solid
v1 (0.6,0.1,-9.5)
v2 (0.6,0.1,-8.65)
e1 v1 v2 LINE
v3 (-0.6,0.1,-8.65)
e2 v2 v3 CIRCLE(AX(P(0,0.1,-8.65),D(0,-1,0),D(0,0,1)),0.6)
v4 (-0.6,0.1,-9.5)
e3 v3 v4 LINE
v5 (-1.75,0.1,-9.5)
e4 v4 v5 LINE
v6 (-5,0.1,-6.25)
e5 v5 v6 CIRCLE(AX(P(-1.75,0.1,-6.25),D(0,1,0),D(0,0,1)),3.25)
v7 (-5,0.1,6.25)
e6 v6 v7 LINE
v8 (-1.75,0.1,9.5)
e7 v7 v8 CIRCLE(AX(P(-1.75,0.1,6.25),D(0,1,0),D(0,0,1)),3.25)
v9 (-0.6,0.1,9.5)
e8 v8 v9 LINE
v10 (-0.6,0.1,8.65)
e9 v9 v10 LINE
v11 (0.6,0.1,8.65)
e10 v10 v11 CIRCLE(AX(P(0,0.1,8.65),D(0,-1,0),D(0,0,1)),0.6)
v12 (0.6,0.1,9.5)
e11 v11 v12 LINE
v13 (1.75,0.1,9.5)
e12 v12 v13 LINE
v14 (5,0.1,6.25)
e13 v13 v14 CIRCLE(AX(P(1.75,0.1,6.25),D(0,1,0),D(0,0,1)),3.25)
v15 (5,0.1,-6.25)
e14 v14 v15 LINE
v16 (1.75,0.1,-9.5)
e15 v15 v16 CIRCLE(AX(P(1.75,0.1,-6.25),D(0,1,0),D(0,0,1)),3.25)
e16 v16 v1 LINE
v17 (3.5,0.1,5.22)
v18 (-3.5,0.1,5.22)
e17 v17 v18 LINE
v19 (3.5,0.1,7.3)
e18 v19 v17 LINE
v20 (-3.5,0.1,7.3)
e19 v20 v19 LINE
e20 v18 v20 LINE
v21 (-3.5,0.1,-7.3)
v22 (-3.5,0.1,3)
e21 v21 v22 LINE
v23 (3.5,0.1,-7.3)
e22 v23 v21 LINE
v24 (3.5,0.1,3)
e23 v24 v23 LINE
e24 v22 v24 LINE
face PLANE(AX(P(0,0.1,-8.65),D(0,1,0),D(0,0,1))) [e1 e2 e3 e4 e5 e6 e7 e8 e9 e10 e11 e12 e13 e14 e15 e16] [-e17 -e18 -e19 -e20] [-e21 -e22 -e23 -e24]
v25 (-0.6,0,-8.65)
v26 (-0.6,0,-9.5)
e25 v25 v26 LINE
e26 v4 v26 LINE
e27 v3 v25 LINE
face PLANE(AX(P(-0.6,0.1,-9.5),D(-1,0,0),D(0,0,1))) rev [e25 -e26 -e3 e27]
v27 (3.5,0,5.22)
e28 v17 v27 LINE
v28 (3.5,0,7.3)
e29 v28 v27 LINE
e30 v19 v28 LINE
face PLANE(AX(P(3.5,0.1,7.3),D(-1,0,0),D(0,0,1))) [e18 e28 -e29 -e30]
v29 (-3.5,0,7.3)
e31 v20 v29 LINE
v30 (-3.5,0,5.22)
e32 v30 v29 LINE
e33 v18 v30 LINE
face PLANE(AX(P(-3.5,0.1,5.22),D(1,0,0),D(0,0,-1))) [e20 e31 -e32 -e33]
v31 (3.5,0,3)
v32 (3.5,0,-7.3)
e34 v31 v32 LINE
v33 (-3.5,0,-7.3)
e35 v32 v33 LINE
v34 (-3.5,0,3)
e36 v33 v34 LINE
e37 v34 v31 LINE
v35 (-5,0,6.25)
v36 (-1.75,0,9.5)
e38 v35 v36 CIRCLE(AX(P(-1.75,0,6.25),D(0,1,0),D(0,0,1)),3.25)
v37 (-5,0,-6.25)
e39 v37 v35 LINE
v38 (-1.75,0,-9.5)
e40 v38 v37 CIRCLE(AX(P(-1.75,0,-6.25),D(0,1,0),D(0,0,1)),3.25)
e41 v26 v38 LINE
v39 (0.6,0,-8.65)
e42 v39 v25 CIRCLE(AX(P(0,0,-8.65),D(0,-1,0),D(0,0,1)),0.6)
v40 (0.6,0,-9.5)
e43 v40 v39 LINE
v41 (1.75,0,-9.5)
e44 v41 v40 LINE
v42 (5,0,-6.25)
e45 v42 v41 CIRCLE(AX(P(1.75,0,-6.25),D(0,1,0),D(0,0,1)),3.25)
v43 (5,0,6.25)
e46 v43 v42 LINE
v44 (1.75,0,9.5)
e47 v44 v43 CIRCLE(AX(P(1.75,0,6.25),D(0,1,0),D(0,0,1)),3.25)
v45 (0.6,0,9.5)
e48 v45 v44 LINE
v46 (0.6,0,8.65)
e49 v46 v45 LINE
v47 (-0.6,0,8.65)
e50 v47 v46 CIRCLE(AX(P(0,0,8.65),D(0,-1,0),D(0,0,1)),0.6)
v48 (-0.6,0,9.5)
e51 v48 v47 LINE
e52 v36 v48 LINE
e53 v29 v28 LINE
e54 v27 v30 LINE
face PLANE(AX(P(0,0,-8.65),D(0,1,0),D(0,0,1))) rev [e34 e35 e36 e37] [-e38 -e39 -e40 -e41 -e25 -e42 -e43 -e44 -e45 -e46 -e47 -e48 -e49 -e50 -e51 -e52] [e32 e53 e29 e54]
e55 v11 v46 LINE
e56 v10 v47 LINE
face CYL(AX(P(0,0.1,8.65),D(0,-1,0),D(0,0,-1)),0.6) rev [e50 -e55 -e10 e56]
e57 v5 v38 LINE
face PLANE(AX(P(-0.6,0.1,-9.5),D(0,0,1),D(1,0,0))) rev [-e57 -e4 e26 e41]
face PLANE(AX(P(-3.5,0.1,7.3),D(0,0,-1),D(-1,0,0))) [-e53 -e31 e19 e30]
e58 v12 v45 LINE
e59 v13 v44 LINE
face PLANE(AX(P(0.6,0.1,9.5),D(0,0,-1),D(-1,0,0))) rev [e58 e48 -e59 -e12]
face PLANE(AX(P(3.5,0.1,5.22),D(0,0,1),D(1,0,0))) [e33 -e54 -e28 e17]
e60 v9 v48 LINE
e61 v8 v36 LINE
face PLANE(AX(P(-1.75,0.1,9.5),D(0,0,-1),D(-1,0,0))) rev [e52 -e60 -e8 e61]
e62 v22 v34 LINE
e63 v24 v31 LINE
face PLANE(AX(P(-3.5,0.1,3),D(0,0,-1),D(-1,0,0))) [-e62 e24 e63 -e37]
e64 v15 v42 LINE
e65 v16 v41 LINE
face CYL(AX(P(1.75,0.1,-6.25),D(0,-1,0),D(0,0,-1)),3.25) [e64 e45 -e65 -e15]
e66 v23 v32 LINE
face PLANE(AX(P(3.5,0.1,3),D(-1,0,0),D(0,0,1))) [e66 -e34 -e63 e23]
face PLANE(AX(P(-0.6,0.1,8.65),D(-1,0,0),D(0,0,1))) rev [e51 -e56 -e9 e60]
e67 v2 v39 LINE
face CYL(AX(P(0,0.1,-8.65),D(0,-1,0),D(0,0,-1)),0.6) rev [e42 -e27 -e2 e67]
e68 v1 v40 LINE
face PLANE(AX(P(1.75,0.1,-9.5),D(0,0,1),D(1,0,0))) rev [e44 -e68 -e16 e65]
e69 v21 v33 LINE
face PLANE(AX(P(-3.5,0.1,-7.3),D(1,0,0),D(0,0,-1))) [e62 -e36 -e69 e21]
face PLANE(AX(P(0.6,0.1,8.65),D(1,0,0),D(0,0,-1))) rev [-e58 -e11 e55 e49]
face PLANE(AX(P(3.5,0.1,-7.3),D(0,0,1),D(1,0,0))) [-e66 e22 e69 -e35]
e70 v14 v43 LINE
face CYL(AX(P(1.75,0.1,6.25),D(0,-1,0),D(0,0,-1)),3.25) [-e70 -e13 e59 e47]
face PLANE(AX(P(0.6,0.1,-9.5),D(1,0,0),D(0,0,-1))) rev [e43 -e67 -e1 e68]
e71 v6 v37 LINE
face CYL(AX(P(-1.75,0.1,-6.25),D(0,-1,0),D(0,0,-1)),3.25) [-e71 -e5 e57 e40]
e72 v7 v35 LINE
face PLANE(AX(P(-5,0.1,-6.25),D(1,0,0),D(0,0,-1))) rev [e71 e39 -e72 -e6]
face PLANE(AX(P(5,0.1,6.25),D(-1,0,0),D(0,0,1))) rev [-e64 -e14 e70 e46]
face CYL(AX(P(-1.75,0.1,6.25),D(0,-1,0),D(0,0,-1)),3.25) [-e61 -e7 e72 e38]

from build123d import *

# Parameters (mm, degrees)
SKETCH2_W           = 7
SKETCH2_H           = 10.3
SKETCH2_H_2         = 2.08
BOSS_EXTRUDE1_DEPTH = 0.1


with BuildPart() as part:
    # Sketch2 → Boss-Extrude1 (new body)
    with BuildSketch(Plane(origin=(0, 0, 0), x_dir=(1, 0, 0), z_dir=(0, 1, 0))):
        with BuildLine():
            Line((-0.6, 9.5), (-1.75, 9.5))
            ThreePointArc((-1.75, 9.5), (-4.048097039, 8.548097039), (-5, 6.25))
            Line((-5, 6.25), (-5, -6.25))
            ThreePointArc((-5, -6.25), (-4.048097039, -8.548097039), (-1.75, -9.5))
            Line((-1.75, -9.5), (-0.6, -9.5))
            Line((-0.6, -9.5), (-0.6, -8.65))
            ThreePointArc((-0.6, -8.65), (0, -8.05), (0.6, -8.65))
            Line((0.6, -8.65), (0.6, -9.5))
            Line((0.6, -9.5), (1.75, -9.5))
            ThreePointArc((1.75, -9.5), (4.048097039, -8.548097039), (5, -6.25))
            Line((5, -6.25), (5, 6.25))
            ThreePointArc((5, 6.25), (4.048097039, 8.548097039), (1.75, 9.5))
            Line((1.75, 9.5), (0.6, 9.5))
            Line((0.6, 9.5), (0.6, 8.65))
            ThreePointArc((0.6, 8.65), (0, 8.05), (-0.6, 8.65))
            Line((-0.6, 8.65), (-0.6, 9.5))
        make_face()
        with Locations((0, 2.15)):
            Rectangle(SKETCH2_W, SKETCH2_H, mode=Mode.SUBTRACT)
        with Locations((0, -6.26)):
            Rectangle(SKETCH2_W, SKETCH2_H_2, mode=Mode.SUBTRACT)
    extrude(amount=BOSS_EXTRUDE1_DEPTH)


solid = part.part
